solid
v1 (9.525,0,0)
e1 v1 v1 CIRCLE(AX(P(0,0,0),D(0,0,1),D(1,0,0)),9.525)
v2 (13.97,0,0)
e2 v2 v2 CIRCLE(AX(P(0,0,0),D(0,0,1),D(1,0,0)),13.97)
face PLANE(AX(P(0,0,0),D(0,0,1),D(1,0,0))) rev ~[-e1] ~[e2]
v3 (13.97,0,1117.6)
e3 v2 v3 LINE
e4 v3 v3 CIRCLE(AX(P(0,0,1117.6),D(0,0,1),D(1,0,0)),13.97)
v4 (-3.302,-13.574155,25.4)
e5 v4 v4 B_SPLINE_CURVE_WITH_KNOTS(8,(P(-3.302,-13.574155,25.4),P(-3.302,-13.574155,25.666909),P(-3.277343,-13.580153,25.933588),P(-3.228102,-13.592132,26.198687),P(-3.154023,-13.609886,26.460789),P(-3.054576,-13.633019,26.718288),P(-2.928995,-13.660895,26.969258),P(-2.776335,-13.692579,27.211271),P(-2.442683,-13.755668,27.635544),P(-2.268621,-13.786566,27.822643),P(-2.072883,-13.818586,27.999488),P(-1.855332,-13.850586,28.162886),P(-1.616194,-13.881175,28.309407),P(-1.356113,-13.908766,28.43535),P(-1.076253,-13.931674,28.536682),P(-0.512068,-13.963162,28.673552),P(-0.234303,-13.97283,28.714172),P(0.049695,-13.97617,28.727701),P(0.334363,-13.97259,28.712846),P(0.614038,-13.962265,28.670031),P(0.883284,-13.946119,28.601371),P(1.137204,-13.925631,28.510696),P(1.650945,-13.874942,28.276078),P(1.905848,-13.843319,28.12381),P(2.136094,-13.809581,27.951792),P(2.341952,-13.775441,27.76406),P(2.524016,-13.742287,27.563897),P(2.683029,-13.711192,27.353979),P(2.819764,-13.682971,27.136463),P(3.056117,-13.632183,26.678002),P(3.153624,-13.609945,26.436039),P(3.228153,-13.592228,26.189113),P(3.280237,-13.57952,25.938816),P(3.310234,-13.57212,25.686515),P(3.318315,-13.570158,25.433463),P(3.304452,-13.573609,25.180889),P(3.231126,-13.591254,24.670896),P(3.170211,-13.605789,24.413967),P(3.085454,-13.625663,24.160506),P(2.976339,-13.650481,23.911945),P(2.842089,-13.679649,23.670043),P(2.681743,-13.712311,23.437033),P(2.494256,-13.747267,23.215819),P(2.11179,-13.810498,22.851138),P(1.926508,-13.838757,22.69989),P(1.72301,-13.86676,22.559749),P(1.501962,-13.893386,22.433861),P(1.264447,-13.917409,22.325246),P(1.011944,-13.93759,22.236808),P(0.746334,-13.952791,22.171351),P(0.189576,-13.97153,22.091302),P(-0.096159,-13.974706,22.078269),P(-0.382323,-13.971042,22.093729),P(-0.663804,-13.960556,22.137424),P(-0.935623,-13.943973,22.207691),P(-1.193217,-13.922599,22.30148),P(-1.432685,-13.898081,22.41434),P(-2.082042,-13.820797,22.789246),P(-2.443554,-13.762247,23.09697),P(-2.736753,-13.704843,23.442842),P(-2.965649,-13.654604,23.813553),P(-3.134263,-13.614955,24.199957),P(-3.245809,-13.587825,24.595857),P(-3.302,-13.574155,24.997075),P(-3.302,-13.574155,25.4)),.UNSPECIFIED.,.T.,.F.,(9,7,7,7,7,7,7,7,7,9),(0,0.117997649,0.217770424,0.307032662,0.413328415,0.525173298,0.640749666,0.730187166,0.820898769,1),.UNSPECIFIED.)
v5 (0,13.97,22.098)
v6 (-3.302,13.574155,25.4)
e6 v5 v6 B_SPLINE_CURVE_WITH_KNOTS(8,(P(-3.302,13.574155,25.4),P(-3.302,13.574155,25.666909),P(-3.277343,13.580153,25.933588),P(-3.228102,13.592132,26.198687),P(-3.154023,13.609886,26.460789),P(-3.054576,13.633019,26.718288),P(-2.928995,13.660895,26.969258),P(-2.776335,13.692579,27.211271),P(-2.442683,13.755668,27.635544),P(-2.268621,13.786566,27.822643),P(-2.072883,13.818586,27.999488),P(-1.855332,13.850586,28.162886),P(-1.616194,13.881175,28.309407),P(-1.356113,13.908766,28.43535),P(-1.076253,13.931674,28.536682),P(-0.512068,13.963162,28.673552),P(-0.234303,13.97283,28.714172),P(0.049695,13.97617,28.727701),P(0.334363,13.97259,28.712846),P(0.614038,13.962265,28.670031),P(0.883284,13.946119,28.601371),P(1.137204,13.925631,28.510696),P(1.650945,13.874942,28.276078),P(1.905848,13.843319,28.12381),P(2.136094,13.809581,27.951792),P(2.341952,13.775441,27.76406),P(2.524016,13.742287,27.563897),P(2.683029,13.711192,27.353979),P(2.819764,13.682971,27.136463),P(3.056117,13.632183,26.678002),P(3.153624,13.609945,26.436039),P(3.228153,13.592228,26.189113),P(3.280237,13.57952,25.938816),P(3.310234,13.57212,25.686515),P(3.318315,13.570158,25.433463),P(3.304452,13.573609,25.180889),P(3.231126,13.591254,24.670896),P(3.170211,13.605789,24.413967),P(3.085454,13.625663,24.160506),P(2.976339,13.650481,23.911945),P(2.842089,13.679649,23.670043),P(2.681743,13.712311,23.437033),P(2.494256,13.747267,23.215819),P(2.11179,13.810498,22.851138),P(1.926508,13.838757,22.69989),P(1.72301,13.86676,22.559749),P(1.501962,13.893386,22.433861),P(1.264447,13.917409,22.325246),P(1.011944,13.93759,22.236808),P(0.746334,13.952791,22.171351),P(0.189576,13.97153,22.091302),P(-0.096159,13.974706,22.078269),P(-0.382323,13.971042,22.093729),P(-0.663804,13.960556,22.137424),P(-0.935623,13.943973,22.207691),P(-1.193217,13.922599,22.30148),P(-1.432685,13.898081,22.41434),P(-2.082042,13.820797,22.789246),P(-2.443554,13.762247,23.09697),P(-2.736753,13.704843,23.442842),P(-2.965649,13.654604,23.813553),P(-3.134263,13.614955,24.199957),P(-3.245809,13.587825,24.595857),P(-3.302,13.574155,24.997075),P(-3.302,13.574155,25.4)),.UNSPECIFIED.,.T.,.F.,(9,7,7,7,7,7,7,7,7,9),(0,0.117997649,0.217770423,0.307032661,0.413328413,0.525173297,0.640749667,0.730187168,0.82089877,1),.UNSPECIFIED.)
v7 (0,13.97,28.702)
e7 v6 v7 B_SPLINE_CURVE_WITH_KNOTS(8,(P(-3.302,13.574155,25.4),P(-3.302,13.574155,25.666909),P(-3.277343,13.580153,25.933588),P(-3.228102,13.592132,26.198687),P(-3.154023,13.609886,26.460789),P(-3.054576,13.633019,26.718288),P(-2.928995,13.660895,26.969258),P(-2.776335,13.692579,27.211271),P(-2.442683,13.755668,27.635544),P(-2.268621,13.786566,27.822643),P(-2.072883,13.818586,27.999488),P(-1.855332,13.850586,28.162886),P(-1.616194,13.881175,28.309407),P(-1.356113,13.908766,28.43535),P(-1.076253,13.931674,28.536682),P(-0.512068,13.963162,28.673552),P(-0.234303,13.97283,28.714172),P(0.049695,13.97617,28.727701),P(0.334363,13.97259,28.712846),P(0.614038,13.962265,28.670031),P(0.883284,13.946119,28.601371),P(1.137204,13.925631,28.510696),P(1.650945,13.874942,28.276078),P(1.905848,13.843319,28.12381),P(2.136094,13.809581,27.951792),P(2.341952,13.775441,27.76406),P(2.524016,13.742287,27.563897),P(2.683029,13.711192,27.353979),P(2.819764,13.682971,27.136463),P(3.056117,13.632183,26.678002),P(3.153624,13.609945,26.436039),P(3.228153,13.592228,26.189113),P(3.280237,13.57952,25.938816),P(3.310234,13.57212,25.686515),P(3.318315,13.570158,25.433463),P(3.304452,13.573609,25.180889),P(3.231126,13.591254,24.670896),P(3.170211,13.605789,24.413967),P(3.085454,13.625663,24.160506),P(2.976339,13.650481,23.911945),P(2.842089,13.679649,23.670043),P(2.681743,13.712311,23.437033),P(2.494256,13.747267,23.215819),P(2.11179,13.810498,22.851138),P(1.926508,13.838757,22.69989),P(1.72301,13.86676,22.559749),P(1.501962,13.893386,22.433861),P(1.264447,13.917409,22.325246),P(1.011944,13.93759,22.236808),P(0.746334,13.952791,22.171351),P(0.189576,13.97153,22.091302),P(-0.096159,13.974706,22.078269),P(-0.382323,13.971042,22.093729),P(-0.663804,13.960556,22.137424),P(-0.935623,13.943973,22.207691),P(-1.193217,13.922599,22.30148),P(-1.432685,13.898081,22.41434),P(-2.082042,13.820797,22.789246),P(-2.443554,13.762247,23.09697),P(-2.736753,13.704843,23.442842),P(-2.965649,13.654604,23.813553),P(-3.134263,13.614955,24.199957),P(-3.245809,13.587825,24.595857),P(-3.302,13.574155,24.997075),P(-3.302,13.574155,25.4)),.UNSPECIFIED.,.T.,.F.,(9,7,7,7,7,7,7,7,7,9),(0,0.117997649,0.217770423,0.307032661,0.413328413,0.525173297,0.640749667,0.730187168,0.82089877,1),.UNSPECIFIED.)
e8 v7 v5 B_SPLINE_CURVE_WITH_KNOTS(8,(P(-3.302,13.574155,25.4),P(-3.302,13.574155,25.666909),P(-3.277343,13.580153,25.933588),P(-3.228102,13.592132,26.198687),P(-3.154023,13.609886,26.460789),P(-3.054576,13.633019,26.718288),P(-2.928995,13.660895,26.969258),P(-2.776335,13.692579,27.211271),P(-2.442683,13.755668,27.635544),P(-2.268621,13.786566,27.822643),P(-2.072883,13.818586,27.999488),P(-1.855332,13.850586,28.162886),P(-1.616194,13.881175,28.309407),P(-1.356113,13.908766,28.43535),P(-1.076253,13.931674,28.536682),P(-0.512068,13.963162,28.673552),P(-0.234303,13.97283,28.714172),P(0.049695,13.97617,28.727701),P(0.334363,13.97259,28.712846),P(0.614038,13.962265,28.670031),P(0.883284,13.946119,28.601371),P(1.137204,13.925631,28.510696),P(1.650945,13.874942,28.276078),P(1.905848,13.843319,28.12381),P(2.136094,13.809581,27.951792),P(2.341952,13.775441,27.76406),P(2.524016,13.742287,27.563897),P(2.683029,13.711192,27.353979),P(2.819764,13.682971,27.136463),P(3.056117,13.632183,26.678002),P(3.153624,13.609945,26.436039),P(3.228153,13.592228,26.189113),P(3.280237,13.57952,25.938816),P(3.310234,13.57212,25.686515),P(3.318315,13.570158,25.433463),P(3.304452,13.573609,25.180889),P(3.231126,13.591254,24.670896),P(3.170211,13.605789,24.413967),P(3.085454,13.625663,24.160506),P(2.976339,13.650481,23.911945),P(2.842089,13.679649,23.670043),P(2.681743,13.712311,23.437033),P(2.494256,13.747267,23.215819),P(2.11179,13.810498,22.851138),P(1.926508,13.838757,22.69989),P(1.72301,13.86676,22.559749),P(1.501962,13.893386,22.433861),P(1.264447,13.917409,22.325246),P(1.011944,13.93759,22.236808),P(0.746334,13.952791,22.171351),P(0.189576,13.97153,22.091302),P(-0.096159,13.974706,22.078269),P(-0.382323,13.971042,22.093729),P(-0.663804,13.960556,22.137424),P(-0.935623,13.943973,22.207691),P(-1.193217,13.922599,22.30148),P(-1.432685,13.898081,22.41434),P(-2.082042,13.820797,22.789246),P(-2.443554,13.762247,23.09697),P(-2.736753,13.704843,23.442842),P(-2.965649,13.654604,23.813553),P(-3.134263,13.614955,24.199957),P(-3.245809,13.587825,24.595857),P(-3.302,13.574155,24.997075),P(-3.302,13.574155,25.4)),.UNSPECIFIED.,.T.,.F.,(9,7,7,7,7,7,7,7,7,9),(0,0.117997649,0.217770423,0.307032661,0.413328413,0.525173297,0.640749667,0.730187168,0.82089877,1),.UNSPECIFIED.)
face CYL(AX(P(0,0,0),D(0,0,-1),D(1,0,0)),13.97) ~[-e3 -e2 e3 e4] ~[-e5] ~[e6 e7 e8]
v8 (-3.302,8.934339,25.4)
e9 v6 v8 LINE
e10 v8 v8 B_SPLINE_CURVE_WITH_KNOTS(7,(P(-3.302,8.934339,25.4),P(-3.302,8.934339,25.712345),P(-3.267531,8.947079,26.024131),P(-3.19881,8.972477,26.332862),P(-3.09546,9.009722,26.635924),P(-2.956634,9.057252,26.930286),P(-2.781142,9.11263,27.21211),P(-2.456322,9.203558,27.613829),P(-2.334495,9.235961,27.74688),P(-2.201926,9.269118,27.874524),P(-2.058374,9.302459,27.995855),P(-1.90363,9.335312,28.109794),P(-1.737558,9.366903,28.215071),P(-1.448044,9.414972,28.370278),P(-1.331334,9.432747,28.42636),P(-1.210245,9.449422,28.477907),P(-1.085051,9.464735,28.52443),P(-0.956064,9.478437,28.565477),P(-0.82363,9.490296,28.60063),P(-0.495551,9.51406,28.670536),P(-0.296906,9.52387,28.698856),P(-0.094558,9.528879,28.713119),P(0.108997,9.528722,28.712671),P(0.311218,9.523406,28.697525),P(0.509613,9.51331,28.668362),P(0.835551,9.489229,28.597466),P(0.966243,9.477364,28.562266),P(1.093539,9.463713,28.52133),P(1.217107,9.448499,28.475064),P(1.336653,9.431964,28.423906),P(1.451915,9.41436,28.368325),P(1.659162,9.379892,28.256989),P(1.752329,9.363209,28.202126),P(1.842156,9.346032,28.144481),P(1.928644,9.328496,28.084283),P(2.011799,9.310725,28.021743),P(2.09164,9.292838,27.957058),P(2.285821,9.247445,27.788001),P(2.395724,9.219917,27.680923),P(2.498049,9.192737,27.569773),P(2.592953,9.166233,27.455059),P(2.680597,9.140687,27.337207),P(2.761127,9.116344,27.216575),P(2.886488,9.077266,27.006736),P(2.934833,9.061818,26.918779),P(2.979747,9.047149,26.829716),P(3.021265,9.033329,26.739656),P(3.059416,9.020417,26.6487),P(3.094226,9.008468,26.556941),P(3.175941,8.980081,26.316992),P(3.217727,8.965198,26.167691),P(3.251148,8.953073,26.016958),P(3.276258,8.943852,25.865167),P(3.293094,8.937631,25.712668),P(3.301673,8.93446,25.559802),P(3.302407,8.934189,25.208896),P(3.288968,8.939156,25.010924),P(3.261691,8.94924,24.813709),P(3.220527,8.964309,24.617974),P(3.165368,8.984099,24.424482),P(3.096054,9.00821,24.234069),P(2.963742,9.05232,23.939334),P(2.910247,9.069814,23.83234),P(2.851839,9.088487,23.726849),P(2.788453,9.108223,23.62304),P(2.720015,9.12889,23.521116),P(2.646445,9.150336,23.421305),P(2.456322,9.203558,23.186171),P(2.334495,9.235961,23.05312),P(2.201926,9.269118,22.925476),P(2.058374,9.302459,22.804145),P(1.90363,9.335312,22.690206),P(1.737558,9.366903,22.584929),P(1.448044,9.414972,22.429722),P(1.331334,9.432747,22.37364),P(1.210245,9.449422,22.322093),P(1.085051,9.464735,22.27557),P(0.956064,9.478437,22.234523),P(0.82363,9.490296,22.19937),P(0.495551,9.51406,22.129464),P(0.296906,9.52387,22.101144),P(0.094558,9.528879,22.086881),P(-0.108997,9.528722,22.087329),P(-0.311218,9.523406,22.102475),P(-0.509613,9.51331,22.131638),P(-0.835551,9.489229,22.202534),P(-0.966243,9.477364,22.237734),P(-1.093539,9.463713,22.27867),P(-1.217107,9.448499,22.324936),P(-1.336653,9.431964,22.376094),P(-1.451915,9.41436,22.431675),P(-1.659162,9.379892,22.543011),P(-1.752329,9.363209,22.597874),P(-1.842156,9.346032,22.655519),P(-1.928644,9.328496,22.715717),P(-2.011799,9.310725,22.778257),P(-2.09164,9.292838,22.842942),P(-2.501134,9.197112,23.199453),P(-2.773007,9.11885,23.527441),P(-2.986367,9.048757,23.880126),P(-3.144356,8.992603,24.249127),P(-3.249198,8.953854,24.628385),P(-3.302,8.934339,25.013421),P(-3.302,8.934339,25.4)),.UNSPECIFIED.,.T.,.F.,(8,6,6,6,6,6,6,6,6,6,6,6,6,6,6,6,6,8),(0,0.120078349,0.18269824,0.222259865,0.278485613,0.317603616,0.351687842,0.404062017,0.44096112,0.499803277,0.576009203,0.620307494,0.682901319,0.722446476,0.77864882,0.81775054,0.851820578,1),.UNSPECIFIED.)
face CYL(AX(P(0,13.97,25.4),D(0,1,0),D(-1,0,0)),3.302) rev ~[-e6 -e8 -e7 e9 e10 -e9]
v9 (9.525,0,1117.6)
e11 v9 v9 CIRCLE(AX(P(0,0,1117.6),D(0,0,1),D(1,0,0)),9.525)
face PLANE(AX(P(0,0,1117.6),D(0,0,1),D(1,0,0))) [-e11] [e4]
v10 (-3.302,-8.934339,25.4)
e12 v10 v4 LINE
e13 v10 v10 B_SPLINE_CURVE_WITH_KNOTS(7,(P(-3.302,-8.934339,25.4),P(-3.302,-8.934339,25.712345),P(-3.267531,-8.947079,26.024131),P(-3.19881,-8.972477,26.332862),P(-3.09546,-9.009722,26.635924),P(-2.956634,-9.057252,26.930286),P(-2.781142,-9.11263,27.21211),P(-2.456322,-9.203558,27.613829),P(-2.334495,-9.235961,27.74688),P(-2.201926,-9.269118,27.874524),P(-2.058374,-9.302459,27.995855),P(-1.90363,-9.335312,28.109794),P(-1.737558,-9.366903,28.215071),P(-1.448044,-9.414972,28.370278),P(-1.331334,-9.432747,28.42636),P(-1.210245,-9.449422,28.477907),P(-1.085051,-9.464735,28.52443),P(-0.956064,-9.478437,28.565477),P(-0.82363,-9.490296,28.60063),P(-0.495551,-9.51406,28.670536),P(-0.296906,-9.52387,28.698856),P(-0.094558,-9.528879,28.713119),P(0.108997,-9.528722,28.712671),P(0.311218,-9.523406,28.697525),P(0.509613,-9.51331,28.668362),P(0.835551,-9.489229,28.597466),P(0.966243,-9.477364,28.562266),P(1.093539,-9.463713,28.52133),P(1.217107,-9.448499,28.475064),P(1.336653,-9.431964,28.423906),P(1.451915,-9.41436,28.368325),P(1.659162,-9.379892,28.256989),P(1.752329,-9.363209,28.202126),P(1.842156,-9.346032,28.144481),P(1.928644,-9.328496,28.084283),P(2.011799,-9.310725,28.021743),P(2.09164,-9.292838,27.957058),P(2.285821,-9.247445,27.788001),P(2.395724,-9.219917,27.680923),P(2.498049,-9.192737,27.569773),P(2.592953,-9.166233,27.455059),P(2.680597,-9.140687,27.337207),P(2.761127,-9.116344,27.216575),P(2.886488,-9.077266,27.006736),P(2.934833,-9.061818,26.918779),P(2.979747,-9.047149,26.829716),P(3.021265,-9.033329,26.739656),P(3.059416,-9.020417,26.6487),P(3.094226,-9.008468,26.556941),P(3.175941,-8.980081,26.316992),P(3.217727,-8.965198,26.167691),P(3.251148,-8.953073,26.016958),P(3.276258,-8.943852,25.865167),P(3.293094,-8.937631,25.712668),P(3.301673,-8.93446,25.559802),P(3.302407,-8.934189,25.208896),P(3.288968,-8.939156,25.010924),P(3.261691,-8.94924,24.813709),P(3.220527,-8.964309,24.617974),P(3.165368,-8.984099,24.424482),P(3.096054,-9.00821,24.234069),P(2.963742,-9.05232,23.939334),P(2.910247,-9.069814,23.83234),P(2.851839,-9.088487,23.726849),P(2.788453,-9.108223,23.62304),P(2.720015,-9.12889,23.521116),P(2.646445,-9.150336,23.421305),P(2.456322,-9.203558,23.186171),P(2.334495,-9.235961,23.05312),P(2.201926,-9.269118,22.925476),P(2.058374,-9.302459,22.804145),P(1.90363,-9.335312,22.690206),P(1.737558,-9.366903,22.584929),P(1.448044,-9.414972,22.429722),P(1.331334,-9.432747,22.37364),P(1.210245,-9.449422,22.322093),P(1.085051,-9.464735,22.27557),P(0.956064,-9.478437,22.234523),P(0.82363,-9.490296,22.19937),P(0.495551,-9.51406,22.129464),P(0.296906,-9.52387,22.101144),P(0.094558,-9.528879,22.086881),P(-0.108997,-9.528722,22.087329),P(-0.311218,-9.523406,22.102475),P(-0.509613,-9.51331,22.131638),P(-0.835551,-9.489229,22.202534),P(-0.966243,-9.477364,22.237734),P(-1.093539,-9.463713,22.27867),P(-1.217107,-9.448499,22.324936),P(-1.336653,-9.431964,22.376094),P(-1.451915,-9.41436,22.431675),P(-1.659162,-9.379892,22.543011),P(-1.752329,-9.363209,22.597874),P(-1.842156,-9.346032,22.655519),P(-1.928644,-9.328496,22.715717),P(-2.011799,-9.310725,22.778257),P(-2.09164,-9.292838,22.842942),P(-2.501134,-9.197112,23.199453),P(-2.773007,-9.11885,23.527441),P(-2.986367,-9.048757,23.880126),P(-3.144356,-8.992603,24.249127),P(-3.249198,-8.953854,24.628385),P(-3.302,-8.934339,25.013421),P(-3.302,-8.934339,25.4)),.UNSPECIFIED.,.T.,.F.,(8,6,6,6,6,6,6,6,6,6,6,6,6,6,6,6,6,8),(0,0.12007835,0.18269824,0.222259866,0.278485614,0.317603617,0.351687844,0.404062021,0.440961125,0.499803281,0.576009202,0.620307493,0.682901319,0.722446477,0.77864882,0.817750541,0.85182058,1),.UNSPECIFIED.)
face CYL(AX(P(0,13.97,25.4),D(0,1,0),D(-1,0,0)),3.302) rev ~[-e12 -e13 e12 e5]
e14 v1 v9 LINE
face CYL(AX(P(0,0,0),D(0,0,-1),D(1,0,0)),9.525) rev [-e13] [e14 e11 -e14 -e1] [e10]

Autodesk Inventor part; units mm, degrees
ref_plane "XY Plane" through (0, 0, 0) normal (0, 0, 1) x (1, 0, 0)
sketch "Sketch7" plane through (0, 0, 0) normal (0, 0, 1) x (1, 0, 0)
  circle A0 centre (0, 0) radius 9.525
  circle A1 centre (0, 0) radius 13.97
  dimension "d25" = 27.94
  dimension "d26" = 19.05
extrude "Extrusion4" add sketch "Sketch7" along normal blind 1117.6
ref_plane "Work Plane5" through (13.97, 0, 0) normal (1, 0, 0) x (0, 1, 0)
ref_plane "Work Plane6" through (0, 13.97, 0) normal (0, 1, 0) x (-1, 0, 0)
sketch "Sketch9" plane through (0, 13.97, 0) normal (0, 1, 0) x (-1, 0, 0)
  circle A0 centre (0, 25.4) radius 3.302
  line L0 (-13.97, 0) -> (13.97, 0) projected
  point P0 (0, 0)
  dimension "d33" = 25.4
  dimension "d34" = 6.604
extrude "Extrusion6" cut sketch "Sketch9" against normal through all
equation "\"d25\" = ballHolderPipeOutsideDiam"
equation "\"d26\" = ballHolderPipeInsideDiam"
equation "\"d27\" = ballHolderLoopHandleLength"
equation "\"d33\" = catapulutArmSaldBoleHoleDistanceFromEnd"
equation "\"d34\" = catapultArmSaladBowlHoleDiam"
equation "\"d35\" = ballHolderLoopHandleLength"
equation "\"ballHolderLoopDiam\" = 203.2"
equation "\"ballHolderLoopHandleLength\" = 1117.6"
equation "\"xxx\" = 0.5 * ballHolderLoopDiam + ballHolderLoopHandleLength"
equation "\"ballHolderPipeInsideDiam\" = 19.05"
equation "\"ballHolderPipeOutsideDiam\" = 27.94"
equation "\"ballHolderLoopRadius\" = 0.5 * ballHolderLoopDiam"
equation "\"ballHolderAxelDiam\" = 6.604"
equation "\"ballHolderAxelDistanceFromEnd\" = 25.4"
equation "\"catapultArmSaladBowlHoleDiam\" = 6.604"
equation "\"catapulutArmSaldBoleHoleDistanceFromEnd\" = 25.4"
equation "\"ballDiam\" = 247.65"
equation "\"ballRadius\" = 0.5 * ballDiam"
equation "\"saladHolderThickness\" = 2.54"
equation "\"holeForAirCylinderDiam\" = 6.35"
equation "\"holeForAirCylinderDistanceFromEnd\" = 127"
properties part number "catapultArmWithSaladBowl"
